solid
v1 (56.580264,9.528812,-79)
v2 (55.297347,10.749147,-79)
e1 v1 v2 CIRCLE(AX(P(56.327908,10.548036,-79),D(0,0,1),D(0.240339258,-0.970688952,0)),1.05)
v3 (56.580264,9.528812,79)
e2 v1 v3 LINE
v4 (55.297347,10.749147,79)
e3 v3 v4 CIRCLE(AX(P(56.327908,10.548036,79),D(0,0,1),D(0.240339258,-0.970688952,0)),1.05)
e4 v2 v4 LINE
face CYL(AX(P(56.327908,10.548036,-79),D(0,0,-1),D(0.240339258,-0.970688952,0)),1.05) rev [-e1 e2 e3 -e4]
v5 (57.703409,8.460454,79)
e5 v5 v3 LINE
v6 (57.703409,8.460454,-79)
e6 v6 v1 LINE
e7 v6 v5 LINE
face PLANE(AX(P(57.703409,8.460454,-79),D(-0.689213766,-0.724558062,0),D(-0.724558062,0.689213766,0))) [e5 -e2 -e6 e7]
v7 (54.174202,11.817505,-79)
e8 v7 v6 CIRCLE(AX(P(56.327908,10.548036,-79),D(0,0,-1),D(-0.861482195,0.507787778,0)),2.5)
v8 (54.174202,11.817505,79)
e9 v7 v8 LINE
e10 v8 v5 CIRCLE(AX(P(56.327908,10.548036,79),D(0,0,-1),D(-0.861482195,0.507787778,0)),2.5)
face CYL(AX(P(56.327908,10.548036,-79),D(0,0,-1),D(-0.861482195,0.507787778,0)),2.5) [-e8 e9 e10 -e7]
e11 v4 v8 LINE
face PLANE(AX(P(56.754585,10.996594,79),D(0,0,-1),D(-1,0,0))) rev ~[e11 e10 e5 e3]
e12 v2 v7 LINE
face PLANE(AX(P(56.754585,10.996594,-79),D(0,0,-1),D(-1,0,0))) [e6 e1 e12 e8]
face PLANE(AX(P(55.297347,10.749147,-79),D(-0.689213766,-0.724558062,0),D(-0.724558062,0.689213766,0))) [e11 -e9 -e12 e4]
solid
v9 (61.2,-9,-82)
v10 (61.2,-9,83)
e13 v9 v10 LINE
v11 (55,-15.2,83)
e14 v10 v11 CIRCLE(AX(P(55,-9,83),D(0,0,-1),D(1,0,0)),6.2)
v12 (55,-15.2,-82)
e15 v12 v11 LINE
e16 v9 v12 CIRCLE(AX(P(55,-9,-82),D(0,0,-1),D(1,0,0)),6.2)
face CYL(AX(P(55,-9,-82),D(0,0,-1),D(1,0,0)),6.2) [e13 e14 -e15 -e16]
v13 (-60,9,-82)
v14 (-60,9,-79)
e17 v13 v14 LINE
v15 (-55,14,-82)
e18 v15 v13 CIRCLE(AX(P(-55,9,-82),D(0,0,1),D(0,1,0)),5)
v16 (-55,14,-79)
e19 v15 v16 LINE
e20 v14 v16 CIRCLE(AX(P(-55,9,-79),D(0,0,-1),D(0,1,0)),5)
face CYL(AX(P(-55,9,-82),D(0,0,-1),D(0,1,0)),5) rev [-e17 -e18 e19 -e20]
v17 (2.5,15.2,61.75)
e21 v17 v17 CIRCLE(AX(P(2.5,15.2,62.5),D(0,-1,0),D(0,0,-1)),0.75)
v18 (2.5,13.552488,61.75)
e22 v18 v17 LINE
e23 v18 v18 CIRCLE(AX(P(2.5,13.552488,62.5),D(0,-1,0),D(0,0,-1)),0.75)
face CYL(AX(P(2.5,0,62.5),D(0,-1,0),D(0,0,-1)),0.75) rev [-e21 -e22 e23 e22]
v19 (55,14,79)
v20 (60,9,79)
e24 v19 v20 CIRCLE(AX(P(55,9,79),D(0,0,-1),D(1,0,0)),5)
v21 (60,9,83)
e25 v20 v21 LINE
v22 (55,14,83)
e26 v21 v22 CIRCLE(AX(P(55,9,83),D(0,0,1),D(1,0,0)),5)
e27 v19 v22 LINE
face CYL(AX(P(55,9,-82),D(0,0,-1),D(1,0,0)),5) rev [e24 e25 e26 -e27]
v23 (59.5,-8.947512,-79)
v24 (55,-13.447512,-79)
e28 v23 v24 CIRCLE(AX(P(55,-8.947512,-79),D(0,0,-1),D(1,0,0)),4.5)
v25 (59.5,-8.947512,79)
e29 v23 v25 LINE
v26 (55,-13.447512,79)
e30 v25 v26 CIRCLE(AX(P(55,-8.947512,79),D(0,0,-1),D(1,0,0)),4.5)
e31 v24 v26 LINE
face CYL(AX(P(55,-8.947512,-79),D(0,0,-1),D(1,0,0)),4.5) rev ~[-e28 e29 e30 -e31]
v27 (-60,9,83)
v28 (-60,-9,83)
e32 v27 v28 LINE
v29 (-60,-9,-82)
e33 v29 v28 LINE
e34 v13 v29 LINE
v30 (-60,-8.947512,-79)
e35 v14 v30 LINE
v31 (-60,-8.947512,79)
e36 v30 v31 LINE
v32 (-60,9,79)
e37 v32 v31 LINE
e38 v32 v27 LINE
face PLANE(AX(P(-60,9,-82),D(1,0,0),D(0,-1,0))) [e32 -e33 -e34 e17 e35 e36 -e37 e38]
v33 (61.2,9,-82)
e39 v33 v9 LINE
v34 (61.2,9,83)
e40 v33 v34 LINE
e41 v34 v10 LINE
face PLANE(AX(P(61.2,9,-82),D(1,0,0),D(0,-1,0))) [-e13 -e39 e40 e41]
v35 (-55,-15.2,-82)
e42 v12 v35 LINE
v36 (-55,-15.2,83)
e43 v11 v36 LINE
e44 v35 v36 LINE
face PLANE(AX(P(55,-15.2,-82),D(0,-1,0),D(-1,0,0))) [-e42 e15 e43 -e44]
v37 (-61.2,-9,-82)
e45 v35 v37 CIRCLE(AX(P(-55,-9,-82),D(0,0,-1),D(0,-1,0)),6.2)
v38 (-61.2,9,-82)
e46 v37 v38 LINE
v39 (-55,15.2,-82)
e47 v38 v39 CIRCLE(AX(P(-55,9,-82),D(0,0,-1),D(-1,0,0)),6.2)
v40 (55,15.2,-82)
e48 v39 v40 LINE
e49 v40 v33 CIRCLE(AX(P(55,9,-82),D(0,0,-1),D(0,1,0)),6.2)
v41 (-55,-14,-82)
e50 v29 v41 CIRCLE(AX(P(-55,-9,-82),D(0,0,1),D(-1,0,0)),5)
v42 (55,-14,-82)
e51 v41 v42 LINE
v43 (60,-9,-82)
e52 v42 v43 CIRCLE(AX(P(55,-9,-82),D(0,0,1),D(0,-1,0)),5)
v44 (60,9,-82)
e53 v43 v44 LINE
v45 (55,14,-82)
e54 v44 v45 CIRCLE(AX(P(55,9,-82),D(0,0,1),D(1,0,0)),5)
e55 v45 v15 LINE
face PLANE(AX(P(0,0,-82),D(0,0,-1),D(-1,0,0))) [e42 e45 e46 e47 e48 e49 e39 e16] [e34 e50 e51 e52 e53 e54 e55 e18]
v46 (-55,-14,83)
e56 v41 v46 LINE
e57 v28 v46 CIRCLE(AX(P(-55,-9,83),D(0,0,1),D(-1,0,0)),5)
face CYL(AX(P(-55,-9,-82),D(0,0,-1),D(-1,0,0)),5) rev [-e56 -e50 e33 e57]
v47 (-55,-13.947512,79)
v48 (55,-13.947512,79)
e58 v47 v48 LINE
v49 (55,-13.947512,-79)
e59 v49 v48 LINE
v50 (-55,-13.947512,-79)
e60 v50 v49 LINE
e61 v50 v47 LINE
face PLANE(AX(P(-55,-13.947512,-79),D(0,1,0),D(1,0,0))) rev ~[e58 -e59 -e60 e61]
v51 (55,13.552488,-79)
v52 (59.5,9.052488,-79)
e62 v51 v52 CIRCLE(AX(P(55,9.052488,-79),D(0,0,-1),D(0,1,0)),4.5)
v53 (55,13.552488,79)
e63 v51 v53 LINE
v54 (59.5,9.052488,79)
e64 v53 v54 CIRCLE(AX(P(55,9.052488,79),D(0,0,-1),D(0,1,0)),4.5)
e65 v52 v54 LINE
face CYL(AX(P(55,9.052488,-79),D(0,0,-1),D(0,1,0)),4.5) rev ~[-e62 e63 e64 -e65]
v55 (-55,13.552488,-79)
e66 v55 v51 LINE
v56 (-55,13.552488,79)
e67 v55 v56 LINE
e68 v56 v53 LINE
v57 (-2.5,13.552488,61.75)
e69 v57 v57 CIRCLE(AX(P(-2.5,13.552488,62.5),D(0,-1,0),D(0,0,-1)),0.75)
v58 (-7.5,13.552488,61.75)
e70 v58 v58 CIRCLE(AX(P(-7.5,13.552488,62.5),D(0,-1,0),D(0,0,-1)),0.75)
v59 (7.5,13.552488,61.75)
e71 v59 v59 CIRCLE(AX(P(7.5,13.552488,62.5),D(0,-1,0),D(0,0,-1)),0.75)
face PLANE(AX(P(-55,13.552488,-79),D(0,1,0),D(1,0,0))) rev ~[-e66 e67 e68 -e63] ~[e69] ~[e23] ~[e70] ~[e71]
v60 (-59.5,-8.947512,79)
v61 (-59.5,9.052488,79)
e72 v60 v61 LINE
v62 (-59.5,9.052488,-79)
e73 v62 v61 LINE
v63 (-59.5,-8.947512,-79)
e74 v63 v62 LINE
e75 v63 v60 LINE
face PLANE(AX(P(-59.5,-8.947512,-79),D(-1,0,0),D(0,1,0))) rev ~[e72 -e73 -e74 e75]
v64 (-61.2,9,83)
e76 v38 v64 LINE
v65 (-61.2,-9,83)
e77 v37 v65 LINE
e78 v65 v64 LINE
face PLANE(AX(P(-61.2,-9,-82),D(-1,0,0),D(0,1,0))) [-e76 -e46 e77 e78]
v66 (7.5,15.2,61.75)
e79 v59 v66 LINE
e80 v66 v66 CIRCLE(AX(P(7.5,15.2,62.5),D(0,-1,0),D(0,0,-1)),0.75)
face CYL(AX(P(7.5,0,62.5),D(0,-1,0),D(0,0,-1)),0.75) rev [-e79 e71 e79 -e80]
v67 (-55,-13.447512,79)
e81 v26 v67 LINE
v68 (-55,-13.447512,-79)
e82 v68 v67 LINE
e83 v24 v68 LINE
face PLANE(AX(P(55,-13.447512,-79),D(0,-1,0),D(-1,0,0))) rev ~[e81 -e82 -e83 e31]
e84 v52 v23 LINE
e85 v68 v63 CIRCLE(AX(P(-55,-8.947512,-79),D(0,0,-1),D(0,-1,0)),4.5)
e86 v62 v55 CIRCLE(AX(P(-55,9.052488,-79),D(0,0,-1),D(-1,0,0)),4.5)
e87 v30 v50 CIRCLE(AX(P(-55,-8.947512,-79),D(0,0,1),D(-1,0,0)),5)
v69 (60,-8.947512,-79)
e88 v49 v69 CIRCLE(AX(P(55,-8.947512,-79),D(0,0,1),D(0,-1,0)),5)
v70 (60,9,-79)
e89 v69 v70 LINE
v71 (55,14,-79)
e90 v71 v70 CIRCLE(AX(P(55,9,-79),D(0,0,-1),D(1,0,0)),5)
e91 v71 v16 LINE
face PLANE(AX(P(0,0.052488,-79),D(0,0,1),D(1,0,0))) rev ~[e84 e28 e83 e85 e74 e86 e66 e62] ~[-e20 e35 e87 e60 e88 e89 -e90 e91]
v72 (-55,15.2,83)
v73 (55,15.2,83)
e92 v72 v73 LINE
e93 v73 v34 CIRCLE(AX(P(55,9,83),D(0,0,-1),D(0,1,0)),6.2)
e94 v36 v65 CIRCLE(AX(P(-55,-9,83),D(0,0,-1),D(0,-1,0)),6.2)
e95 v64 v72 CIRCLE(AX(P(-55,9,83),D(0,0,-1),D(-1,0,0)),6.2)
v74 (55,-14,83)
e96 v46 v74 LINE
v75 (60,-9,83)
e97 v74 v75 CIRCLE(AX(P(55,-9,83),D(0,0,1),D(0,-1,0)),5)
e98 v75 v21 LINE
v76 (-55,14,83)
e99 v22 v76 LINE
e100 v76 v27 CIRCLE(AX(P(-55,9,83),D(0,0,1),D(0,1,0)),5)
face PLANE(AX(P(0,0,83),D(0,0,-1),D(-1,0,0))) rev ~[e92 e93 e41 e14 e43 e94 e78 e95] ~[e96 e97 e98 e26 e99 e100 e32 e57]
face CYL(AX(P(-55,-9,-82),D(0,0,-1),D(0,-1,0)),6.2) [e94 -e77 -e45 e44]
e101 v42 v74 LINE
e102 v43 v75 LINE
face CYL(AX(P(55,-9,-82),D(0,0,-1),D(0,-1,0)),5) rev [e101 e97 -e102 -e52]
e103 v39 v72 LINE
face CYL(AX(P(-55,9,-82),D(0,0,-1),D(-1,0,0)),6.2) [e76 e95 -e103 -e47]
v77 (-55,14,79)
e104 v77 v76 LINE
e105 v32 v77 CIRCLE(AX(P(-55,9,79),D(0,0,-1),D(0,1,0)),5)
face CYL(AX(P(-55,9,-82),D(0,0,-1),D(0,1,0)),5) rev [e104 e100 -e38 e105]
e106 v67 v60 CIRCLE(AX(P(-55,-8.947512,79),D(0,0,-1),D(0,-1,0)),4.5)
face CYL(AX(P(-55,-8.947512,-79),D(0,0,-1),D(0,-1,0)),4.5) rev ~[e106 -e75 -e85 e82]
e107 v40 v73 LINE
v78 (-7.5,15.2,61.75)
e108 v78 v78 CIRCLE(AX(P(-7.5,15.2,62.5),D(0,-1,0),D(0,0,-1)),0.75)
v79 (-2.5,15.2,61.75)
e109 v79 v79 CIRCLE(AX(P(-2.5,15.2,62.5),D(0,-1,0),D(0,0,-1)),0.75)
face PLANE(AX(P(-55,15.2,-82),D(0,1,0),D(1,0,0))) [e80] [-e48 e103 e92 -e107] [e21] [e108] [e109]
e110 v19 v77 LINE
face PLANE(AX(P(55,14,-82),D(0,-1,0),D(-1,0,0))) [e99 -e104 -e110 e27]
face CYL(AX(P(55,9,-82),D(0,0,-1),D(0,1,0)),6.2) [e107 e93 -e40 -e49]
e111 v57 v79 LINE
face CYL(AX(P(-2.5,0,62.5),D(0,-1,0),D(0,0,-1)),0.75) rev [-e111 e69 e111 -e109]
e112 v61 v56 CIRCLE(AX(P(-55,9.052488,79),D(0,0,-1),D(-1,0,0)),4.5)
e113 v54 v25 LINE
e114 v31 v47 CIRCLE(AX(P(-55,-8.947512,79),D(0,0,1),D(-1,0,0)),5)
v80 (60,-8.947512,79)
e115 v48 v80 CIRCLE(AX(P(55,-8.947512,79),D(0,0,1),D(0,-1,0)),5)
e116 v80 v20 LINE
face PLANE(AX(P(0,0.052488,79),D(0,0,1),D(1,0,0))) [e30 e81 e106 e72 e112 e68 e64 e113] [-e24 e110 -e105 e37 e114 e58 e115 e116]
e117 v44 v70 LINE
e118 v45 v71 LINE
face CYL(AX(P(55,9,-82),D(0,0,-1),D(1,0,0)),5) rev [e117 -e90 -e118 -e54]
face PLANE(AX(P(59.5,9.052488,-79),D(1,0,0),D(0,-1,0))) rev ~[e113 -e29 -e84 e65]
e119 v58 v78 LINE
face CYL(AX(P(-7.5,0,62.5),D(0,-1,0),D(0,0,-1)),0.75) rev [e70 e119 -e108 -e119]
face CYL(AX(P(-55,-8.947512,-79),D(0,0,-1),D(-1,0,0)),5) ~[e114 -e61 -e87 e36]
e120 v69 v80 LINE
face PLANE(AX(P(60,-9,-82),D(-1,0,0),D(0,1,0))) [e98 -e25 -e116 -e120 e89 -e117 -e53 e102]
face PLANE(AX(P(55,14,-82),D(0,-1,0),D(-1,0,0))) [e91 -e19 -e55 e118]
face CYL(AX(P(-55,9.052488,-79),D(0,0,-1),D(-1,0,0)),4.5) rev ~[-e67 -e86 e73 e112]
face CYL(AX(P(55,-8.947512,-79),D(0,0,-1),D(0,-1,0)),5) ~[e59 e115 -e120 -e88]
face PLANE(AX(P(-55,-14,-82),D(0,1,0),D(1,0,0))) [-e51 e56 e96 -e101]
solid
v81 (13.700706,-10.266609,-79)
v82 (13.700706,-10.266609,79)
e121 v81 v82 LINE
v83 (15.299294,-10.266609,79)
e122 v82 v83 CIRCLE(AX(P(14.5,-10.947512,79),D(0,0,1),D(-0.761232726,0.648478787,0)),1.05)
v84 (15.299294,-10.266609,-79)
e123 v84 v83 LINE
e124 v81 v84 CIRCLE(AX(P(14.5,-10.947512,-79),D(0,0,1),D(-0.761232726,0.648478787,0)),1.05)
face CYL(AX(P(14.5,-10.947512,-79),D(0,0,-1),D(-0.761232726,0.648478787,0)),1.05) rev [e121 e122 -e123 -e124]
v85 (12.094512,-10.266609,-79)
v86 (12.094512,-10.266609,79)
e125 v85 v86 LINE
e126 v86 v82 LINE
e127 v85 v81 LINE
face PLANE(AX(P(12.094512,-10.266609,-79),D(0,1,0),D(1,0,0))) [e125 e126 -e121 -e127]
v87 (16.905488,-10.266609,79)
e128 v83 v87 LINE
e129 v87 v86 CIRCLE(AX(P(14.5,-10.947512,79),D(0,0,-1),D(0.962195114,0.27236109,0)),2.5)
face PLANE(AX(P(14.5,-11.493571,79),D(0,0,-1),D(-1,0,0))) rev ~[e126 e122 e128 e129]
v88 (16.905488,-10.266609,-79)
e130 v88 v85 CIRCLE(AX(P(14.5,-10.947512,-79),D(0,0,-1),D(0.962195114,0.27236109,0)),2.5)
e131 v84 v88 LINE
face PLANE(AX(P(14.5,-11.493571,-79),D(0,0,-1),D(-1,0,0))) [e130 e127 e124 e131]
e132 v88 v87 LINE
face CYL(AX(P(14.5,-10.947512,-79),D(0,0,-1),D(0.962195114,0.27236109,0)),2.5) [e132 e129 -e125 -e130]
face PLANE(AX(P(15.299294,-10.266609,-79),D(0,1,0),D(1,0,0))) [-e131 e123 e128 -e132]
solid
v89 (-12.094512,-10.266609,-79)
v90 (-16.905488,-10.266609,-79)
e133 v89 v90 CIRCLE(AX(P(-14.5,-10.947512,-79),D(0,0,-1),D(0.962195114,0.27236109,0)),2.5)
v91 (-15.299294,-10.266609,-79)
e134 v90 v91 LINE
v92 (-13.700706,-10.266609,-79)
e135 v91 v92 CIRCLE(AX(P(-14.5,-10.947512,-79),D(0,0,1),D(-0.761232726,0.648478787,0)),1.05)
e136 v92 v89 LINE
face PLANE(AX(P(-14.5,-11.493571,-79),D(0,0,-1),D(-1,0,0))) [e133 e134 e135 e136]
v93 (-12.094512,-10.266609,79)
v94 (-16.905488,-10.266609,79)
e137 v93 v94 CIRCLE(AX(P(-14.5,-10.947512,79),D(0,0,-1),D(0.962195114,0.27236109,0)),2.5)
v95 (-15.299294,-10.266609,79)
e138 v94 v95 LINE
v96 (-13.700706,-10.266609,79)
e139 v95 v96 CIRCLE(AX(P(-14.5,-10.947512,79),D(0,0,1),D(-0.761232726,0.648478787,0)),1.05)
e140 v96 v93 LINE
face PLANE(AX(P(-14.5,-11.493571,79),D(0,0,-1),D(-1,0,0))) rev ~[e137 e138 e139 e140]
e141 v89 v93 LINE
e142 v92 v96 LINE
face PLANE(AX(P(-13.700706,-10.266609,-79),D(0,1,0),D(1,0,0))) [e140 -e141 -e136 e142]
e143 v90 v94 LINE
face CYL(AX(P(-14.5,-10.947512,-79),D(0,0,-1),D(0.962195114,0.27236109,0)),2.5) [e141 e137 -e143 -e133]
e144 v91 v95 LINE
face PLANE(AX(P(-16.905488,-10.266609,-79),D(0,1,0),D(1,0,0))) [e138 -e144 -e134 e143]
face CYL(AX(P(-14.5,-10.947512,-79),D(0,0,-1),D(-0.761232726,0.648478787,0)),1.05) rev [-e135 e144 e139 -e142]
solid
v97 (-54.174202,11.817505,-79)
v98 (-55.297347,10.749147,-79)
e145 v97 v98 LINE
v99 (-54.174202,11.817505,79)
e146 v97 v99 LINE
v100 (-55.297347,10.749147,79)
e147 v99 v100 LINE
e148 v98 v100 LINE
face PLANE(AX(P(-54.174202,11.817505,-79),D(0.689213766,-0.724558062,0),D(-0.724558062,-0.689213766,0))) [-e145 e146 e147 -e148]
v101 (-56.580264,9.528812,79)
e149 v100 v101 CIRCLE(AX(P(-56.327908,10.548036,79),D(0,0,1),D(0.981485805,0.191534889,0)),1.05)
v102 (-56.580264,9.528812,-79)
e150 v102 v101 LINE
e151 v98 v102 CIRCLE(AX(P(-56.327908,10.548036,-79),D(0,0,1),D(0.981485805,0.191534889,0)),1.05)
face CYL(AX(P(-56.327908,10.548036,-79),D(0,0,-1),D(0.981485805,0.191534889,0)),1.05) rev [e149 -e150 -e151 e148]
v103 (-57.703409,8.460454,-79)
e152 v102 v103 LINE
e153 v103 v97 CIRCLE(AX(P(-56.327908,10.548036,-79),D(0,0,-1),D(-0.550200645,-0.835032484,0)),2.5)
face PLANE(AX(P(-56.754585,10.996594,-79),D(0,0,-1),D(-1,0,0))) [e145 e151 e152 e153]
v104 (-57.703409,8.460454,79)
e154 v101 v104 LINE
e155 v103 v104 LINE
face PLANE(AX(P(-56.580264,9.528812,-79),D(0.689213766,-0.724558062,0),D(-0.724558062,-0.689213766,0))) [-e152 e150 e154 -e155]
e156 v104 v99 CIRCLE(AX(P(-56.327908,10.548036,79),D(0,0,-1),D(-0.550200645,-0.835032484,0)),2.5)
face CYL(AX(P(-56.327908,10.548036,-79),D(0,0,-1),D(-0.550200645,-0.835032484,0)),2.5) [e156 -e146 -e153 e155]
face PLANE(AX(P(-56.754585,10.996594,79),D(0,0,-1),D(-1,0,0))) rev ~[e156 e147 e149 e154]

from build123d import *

# Parameters (mm, degrees)
BOSS_EXTRUDE2_DEPTH        = 83
BOSS_EXTRUDE2_DEPTH_BACK   = 82
BOSS_EXTRUDE3_DEPTH        = 79
BOSS_EXTRUDE3_DEPTH_BACK   = 79
BOSS_EXTRUDE5_DEPTH        = 79
BOSS_EXTRUDE5_DEPTH_BACK   = 79
BOSS_EXTRUDE5_2_DEPTH      = 79
BOSS_EXTRUDE5_2_DEPTH_BACK = 79
BOSS_EXTRUDE5_3_DEPTH      = 79
BOSS_EXTRUDE5_3_DEPTH_BACK = 79
BOSS_EXTRUDE5_4_DEPTH      = 79
BOSS_EXTRUDE5_4_DEPTH_BACK = 79
SKETCH9_R                  = 0.75
CUT_EXTRUDE3_DEPTH         = 79


with BuildPart() as part:
    # Sketch1 → Boss-Extrude2 (new, two sides: drawn at the far end of the back side and taken through both)
    with BuildSketch(Plane.XY.offset(-BOSS_EXTRUDE2_DEPTH_BACK)):
        with BuildLine():
            ThreePointArc((55, 15.2), (59.384062043, 13.384062043), (61.2, 9))
            Line((61.2, 9), (61.2, -9))
            ThreePointArc((61.2, -9), (59.384062043, -13.384062043), (55, -15.2))
            Line((55, -15.2), (0, -15.2))
            Line((0, -15.2), (-55, -15.2))
            ThreePointArc((-55, -15.2), (-59.384062043, -13.384062043), (-61.2, -9))
            Line((-61.2, -9), (-61.2, 9))
            ThreePointArc((-61.2, 9), (-59.384062043, 13.384062043), (-55, 15.2))
            Line((-55, 15.2), (0, 15.2))
            Line((0, 15.2), (55, 15.2))
        make_face()
        with BuildLine():
            ThreePointArc((-55, 14), (-58.535533906, 12.535533906), (-60, 9))
            Line((-60, 9), (-60, -9))
            ThreePointArc((-60, -9), (-58.535533906, -12.535533906), (-55, -14))
            Line((-55, -14), (0, -14))
            Line((0, -14), (55, -14))
            ThreePointArc((55, -14), (58.535533906, -12.535533906), (60, -9))
            Line((60, -9), (60, 9))
            ThreePointArc((60, 9), (58.535533906, 12.535533906), (55, 14))
            Line((55, 14), (0, 14))
            Line((0, 14), (-55, 14))
        make_face(mode=Mode.SUBTRACT)
    extrude(amount=BOSS_EXTRUDE2_DEPTH + BOSS_EXTRUDE2_DEPTH_BACK)

    # Sketch2 → Boss-Extrude3 (add, two sides: drawn at the far end of the back side and taken through both)
    with BuildSketch(Plane.XY.offset(-BOSS_EXTRUDE3_DEPTH_BACK)):
        with BuildLine():
            Line((0, 14.052488348), (-55, 14.052488348))
            ThreePointArc((-55, 14.052488348), (-58.535533906, 12.588022254), (-60, 9.052488348))
            Line((-60, 9.052488348), (-60, -8.947511652))
            ThreePointArc((-60, -8.947511652), (-58.535533906, -12.483045558), (-55, -13.947511652))
            Line((-55, -13.947511652), (0, -13.947511652))
            Line((0, -13.947511652), (55, -13.947511652))
            ThreePointArc((55, -13.947511652), (58.535533906, -12.483045558), (60, -8.947511652))
            Line((60, -8.947511652), (60, 9.052488348))
            ThreePointArc((60, 9.052488348), (58.535533906, 12.588022254), (55, 14.052488348))
            Line((55, 14.052488348), (0, 14.052488348))
        make_face()
        with BuildLine():
            Line((0, 13.552488348), (55, 13.552488348))
            ThreePointArc((55, 13.552488348), (58.181980515, 12.234468864), (59.5, 9.052488348))
            Line((59.5, 9.052488348), (59.5, -8.947511652))
            ThreePointArc((59.5, -8.947511652), (58.181980515, -12.129492167), (55, -13.447511652))
            Line((55, -13.447511652), (0, -13.447511652))
            Line((0, -13.447511652), (-55, -13.447511652))
            ThreePointArc((-55, -13.447511652), (-58.181980515, -12.129492167), (-59.5, -8.947511652))
            Line((-59.5, -8.947511652), (-59.5, 9.052488348))
            ThreePointArc((-59.5, 9.052488348), (-58.181980515, 12.234468864), (-55, 13.552488348))
            Line((-55, 13.552488348), (0, 13.552488348))
        make_face(mode=Mode.SUBTRACT)
    extrude(amount=BOSS_EXTRUDE3_DEPTH + BOSS_EXTRUDE3_DEPTH_BACK)

    # Sketch9 → Cut-Extrude3 (cut)
    with BuildSketch(Plane(origin=(0, 0, 0), x_dir=(1, 0, 0), z_dir=(0, 1, 0))):
        with Locations(Location((-7.5, -62.5, 0), (0, 0, 90))):
            Circle(SKETCH9_R)
        with Locations(Location((-2.5, -62.5, 0), (0, 0, 90))):
            Circle(SKETCH9_R)
        with Locations(Location((2.5, -62.5, 0), (0, 0, 90))):
            Circle(SKETCH9_R)
        with Locations(Location((7.5, -62.5, 0), (0, 0, 90))):
            Circle(SKETCH9_R)
    extrude(amount=CUT_EXTRUDE3_DEPTH, mode=Mode.SUBTRACT)


with BuildPart() as body_2:
    # Sketch3 → Boss-Extrude5 (new, two sides: drawn at the far end of the back side and taken through both)
    with BuildSketch(Plane.XY.offset(-BOSS_EXTRUDE5_DEPTH_BACK)):
        with BuildLine():
            ThreePointArc((-55.297347491, 10.749147187), (-57.051582041, 11.308821518), (-56.580263808, 9.528812154))
            Line((-56.580263808, 9.528812154), (-57.7034092, 8.460454342))
            ThreePointArc((-57.7034092, 8.460454342), (-58.050942002, 12.359430707), (-54.174202099, 11.817504998))
            Line((-54.174202099, 11.817504998), (-55.297347491, 10.749147187))
        make_face()
    extrude(amount=BOSS_EXTRUDE5_DEPTH + BOSS_EXTRUDE5_DEPTH_BACK)


with BuildPart() as body_3:
    # Sketch3 → Boss-Extrude5 2 (new, two sides: drawn at the far end of the back side and taken through both)
    with BuildSketch(Plane.XY.offset(-BOSS_EXTRUDE5_2_DEPTH_BACK)):
        with BuildLine():
            ThreePointArc((-15.299294362, -10.266608926), (-14.5, -11.997511652), (-13.700705638, -10.266608926))
            Line((-13.700705638, -10.266608926), (-12.094512216, -10.266608926))
            ThreePointArc((-12.094512216, -10.266608926), (-14.5, -13.447511652), (-16.905487784, -10.266608926))
            Line((-16.905487784, -10.266608926), (-15.299294362, -10.266608926))
        make_face()
    extrude(amount=BOSS_EXTRUDE5_2_DEPTH + BOSS_EXTRUDE5_2_DEPTH_BACK)


with BuildPart() as body_4:
    # Sketch3 → Boss-Extrude5 3 (new, two sides: drawn at the far end of the back side and taken through both)
    with BuildSketch(Plane.XY.offset(-BOSS_EXTRUDE5_3_DEPTH_BACK)):
        with BuildLine():
            ThreePointArc((16.905487784, -10.266608926), (14.5, -13.447511652), (12.094512216, -10.266608926))
            Line((12.094512216, -10.266608926), (13.700705638, -10.266608926))
            ThreePointArc((13.700705638, -10.266608926), (14.5, -11.997511652), (15.299294362, -10.266608926))
            Line((15.299294362, -10.266608926), (16.905487784, -10.266608926))
        make_face()
    extrude(amount=BOSS_EXTRUDE5_3_DEPTH + BOSS_EXTRUDE5_3_DEPTH_BACK)


with BuildPart() as body_5:
    # Sketch3 → Boss-Extrude5 4 (new, two sides: drawn at the far end of the back side and taken through both)
    with BuildSketch(Plane.XY.offset(-BOSS_EXTRUDE5_4_DEPTH_BACK)):
        with BuildLine():
            ThreePointArc((54.174202099, 11.817504998), (58.050942002, 12.359430707), (57.7034092, 8.460454342))
            Line((57.7034092, 8.460454342), (56.580263808, 9.528812154))
            ThreePointArc((56.580263808, 9.528812154), (57.051582041, 11.308821518), (55.297347491, 10.749147187))
            Line((55.297347491, 10.749147187), (54.174202099, 11.817504998))
        make_face()
    extrude(amount=BOSS_EXTRUDE5_4_DEPTH + BOSS_EXTRUDE5_4_DEPTH_BACK)


solid = Compound([part.part, body_2.part, body_3.part, body_4.part, body_5.part])
